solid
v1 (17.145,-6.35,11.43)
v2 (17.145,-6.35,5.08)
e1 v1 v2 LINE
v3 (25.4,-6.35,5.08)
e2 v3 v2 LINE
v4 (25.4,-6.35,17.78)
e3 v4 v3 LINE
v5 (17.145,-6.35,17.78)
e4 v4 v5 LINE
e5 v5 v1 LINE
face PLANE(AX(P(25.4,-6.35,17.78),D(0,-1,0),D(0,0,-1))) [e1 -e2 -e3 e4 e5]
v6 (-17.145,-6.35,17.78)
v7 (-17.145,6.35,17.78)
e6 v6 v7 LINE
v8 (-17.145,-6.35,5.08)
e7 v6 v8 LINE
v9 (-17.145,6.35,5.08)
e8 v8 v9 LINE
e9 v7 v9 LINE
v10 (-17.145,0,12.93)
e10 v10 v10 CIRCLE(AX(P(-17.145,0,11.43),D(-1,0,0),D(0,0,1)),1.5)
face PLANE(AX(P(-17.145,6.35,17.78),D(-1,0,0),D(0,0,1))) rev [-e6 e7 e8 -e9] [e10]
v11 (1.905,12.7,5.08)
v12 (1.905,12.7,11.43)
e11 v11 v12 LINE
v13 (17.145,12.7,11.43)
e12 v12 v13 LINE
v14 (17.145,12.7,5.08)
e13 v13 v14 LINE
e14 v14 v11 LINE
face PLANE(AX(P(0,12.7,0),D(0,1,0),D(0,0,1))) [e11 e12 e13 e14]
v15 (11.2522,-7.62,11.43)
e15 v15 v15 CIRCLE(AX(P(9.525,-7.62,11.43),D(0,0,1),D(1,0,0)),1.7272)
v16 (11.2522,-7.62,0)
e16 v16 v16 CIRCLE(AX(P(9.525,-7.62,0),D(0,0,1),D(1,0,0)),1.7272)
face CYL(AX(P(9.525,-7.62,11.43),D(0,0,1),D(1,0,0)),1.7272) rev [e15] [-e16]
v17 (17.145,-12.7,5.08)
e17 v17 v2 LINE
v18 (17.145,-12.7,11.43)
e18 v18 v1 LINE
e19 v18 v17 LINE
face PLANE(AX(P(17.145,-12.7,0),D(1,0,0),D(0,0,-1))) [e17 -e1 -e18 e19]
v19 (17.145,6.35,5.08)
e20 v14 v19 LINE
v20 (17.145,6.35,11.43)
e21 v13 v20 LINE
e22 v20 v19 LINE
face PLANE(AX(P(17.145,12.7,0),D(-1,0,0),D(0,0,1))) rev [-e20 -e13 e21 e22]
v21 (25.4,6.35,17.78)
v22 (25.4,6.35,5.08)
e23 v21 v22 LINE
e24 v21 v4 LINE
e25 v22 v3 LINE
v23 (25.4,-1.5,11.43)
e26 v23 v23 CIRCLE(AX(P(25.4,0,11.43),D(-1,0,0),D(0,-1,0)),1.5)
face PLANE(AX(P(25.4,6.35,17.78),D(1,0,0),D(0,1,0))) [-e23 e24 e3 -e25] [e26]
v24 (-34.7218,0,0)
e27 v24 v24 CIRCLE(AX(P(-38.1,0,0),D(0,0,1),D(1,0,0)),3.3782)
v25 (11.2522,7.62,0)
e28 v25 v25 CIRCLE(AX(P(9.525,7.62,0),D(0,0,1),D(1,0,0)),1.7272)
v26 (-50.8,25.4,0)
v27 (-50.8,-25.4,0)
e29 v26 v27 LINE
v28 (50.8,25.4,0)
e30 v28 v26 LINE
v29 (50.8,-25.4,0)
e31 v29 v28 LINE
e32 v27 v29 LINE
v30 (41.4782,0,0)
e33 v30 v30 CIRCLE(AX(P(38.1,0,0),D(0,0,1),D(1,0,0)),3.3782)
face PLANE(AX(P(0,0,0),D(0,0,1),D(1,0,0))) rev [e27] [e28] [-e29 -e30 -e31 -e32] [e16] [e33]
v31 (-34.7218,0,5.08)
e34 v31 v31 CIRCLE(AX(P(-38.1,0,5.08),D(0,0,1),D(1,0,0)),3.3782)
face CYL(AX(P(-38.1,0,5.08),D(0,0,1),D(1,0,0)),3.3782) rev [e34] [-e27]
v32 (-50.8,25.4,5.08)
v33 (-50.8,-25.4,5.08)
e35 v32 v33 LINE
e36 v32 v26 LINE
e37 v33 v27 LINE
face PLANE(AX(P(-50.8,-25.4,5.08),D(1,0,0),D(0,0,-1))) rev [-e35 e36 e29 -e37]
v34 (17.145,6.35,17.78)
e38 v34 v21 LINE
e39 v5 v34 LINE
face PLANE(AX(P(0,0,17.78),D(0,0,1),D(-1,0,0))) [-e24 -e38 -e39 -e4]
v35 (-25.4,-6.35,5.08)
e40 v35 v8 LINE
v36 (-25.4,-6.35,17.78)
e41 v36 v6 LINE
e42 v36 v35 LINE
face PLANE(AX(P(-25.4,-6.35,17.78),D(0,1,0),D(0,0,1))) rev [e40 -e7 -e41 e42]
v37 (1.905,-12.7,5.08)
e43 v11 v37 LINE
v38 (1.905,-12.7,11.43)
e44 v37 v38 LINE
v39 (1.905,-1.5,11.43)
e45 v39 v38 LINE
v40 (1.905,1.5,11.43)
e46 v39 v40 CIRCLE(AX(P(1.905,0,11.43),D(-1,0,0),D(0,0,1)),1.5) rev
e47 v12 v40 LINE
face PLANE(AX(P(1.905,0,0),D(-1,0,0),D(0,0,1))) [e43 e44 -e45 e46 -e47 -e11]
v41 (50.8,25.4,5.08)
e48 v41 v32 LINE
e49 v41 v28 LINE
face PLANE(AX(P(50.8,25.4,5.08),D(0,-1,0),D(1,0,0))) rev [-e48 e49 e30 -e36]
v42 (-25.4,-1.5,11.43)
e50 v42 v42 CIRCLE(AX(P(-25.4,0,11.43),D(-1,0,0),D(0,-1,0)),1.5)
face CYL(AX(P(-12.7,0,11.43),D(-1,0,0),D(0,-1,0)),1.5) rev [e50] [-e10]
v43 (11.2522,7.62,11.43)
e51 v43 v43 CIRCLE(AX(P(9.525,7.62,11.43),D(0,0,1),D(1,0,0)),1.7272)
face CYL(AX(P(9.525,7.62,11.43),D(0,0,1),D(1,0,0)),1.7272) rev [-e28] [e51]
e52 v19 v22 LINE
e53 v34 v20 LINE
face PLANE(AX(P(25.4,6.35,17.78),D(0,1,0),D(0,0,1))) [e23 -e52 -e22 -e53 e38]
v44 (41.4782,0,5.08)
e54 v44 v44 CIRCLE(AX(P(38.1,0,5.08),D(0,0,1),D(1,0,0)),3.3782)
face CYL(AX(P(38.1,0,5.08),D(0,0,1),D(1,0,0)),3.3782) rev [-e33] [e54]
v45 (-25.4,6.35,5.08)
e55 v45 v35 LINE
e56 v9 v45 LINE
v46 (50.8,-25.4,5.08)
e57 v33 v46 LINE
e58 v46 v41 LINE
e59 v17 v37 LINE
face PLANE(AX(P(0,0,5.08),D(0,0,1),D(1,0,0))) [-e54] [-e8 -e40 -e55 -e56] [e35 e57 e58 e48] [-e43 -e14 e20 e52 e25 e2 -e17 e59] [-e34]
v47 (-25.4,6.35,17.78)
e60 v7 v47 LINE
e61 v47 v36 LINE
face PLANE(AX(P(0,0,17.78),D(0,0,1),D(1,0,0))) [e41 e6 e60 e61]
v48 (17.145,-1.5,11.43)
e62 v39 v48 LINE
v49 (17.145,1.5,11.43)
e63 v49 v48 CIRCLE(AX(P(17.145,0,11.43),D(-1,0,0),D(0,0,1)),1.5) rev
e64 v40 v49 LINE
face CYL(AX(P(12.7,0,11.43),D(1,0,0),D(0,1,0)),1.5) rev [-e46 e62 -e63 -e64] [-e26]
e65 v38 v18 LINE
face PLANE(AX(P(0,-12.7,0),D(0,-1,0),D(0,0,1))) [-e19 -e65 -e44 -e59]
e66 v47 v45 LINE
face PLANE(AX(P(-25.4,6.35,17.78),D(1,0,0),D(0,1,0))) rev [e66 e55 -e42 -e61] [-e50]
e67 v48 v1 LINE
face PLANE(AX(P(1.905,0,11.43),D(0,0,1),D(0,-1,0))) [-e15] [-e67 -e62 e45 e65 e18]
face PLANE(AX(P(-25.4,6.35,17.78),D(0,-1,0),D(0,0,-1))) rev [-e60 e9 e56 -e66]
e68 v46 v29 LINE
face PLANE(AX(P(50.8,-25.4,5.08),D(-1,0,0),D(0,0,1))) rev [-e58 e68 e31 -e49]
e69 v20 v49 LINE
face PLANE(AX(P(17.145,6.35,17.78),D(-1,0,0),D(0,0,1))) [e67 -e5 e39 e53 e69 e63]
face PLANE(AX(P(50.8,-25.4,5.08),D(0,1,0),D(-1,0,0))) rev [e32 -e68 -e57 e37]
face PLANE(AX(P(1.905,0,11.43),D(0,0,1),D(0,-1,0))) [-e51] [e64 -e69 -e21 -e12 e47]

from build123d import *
from build123d.topology import SkipClean

# Parameters (mm, degrees)
SKETCH1_W                   = 101.6
SKETCH1_H                   = 50.8
BOSS_EXTRUDE1_DEPTH         = 5.08
H_0_266_DIAMETER_HOLE1_D    = 6.7564
SKETCH5_W                   = 8.255
SKETCH5_H                   = 12.7
BOSS_EXTRUDE2_DEPTH         = 12.7
SKETCH6_R                   = 1.5
CUT_EXTRUDE1_DEPTH          = 12.7
BOSS_EXTRUDE3_DEPTH         = 15.24
SKETCH9_W                   = 15.24
SKETCH9_H                   = 6.35
BOSS_EXTRUDE4_DEPTH         = 6.35
F_29_0_136_DIAMETER_HOLE1_D = 3.4544


with BuildPart() as part:
    # Sketch1 → Boss-Extrude1 (new body)
    with BuildSketch(Plane.XY):
        Rectangle(SKETCH1_W, SKETCH1_H)
    extrude(amount=BOSS_EXTRUDE1_DEPTH)

    # H _0.266_ Diameter Hole1 (through all)
    with Locations(Plane.XY.offset(5.08)):
        with Locations((38.1, 0), (-38.1, 0)):
            Hole(H_0_266_DIAMETER_HOLE1_D / 2)

    # Sketch5 → Boss-Extrude2 (add)
    with BuildSketch(Plane.XY.offset(5.08)):
        with Locations((-21.2725, 0)):
            Rectangle(SKETCH5_W, SKETCH5_H)
    boss_extrude2 = extrude(amount=BOSS_EXTRUDE2_DEPTH)

    # Sketch6 → Cut-Extrude1 (cut)
    with BuildSketch(Plane.ZY.offset(25.4)):
        with Locations((11.43, 0)):
            Circle(SKETCH6_R)
    cut_extrude1 = extrude(amount=-CUT_EXTRUDE1_DEPTH, mode=Mode.SUBTRACT)

    # Mirror1: Boss-Extrude2, Cut-Extrude1 across plane
    add(boss_extrude2.mirror(Plane(origin=(0, 0, 0), x_dir=(0, 0, 1), z_dir=(1, 0, 0))))
    add(cut_extrude1.mirror(Plane(origin=(0, 0, 0), x_dir=(0, 0, 1), z_dir=(1, 0, 0))), mode=Mode.SUBTRACT)

    # Sketch8 → Boss-Extrude3 (add)
    with SkipClean():  # the faces are left unmerged after this step: merging them gives an invalid solid
        with BuildSketch(Plane.ZY.offset(-17.145)):
            with BuildLine():
                Line((11.43, 6.35), (5.08, 6.35))
                Line((5.08, 6.35), (5.08, -6.35))
                Line((5.08, -6.35), (11.43, -6.35))
                Line((11.43, -6.35), (11.43, -1.5))
                ThreePointArc((11.43, -1.5), (9.93, 0), (11.43, 1.5))
                Line((11.43, 1.5), (11.43, 6.35))
            make_face()
        extrude(amount=BOSS_EXTRUDE3_DEPTH)

    # Sketch9 → Boss-Extrude4 (add)
    with SkipClean():  # the faces are left unmerged after this step: merging them gives an invalid solid
        with BuildSketch(Plane(origin=(0, 6.35, 0), x_dir=(1, 0, 0), z_dir=(0, 1, 0))):
            with Locations((9.525, -8.255)):
                Rectangle(SKETCH9_W, SKETCH9_H)
        boss_extrude4 = extrude(amount=BOSS_EXTRUDE4_DEPTH)

    # Mirror2: Boss-Extrude4 across plane
    with SkipClean():  # the faces are left unmerged after this step: merging them gives an invalid solid
        add(boss_extrude4.mirror(Plane.ZX))

    # 29 _0.136_ Diameter Hole1 (through all)
    with Locations(Plane.XY.offset(11.43)):
        with Locations((9.525, -7.62), (9.525, 7.62)):
            Hole(F_29_0_136_DIAMETER_HOLE1_D / 2)


solid = part.part
